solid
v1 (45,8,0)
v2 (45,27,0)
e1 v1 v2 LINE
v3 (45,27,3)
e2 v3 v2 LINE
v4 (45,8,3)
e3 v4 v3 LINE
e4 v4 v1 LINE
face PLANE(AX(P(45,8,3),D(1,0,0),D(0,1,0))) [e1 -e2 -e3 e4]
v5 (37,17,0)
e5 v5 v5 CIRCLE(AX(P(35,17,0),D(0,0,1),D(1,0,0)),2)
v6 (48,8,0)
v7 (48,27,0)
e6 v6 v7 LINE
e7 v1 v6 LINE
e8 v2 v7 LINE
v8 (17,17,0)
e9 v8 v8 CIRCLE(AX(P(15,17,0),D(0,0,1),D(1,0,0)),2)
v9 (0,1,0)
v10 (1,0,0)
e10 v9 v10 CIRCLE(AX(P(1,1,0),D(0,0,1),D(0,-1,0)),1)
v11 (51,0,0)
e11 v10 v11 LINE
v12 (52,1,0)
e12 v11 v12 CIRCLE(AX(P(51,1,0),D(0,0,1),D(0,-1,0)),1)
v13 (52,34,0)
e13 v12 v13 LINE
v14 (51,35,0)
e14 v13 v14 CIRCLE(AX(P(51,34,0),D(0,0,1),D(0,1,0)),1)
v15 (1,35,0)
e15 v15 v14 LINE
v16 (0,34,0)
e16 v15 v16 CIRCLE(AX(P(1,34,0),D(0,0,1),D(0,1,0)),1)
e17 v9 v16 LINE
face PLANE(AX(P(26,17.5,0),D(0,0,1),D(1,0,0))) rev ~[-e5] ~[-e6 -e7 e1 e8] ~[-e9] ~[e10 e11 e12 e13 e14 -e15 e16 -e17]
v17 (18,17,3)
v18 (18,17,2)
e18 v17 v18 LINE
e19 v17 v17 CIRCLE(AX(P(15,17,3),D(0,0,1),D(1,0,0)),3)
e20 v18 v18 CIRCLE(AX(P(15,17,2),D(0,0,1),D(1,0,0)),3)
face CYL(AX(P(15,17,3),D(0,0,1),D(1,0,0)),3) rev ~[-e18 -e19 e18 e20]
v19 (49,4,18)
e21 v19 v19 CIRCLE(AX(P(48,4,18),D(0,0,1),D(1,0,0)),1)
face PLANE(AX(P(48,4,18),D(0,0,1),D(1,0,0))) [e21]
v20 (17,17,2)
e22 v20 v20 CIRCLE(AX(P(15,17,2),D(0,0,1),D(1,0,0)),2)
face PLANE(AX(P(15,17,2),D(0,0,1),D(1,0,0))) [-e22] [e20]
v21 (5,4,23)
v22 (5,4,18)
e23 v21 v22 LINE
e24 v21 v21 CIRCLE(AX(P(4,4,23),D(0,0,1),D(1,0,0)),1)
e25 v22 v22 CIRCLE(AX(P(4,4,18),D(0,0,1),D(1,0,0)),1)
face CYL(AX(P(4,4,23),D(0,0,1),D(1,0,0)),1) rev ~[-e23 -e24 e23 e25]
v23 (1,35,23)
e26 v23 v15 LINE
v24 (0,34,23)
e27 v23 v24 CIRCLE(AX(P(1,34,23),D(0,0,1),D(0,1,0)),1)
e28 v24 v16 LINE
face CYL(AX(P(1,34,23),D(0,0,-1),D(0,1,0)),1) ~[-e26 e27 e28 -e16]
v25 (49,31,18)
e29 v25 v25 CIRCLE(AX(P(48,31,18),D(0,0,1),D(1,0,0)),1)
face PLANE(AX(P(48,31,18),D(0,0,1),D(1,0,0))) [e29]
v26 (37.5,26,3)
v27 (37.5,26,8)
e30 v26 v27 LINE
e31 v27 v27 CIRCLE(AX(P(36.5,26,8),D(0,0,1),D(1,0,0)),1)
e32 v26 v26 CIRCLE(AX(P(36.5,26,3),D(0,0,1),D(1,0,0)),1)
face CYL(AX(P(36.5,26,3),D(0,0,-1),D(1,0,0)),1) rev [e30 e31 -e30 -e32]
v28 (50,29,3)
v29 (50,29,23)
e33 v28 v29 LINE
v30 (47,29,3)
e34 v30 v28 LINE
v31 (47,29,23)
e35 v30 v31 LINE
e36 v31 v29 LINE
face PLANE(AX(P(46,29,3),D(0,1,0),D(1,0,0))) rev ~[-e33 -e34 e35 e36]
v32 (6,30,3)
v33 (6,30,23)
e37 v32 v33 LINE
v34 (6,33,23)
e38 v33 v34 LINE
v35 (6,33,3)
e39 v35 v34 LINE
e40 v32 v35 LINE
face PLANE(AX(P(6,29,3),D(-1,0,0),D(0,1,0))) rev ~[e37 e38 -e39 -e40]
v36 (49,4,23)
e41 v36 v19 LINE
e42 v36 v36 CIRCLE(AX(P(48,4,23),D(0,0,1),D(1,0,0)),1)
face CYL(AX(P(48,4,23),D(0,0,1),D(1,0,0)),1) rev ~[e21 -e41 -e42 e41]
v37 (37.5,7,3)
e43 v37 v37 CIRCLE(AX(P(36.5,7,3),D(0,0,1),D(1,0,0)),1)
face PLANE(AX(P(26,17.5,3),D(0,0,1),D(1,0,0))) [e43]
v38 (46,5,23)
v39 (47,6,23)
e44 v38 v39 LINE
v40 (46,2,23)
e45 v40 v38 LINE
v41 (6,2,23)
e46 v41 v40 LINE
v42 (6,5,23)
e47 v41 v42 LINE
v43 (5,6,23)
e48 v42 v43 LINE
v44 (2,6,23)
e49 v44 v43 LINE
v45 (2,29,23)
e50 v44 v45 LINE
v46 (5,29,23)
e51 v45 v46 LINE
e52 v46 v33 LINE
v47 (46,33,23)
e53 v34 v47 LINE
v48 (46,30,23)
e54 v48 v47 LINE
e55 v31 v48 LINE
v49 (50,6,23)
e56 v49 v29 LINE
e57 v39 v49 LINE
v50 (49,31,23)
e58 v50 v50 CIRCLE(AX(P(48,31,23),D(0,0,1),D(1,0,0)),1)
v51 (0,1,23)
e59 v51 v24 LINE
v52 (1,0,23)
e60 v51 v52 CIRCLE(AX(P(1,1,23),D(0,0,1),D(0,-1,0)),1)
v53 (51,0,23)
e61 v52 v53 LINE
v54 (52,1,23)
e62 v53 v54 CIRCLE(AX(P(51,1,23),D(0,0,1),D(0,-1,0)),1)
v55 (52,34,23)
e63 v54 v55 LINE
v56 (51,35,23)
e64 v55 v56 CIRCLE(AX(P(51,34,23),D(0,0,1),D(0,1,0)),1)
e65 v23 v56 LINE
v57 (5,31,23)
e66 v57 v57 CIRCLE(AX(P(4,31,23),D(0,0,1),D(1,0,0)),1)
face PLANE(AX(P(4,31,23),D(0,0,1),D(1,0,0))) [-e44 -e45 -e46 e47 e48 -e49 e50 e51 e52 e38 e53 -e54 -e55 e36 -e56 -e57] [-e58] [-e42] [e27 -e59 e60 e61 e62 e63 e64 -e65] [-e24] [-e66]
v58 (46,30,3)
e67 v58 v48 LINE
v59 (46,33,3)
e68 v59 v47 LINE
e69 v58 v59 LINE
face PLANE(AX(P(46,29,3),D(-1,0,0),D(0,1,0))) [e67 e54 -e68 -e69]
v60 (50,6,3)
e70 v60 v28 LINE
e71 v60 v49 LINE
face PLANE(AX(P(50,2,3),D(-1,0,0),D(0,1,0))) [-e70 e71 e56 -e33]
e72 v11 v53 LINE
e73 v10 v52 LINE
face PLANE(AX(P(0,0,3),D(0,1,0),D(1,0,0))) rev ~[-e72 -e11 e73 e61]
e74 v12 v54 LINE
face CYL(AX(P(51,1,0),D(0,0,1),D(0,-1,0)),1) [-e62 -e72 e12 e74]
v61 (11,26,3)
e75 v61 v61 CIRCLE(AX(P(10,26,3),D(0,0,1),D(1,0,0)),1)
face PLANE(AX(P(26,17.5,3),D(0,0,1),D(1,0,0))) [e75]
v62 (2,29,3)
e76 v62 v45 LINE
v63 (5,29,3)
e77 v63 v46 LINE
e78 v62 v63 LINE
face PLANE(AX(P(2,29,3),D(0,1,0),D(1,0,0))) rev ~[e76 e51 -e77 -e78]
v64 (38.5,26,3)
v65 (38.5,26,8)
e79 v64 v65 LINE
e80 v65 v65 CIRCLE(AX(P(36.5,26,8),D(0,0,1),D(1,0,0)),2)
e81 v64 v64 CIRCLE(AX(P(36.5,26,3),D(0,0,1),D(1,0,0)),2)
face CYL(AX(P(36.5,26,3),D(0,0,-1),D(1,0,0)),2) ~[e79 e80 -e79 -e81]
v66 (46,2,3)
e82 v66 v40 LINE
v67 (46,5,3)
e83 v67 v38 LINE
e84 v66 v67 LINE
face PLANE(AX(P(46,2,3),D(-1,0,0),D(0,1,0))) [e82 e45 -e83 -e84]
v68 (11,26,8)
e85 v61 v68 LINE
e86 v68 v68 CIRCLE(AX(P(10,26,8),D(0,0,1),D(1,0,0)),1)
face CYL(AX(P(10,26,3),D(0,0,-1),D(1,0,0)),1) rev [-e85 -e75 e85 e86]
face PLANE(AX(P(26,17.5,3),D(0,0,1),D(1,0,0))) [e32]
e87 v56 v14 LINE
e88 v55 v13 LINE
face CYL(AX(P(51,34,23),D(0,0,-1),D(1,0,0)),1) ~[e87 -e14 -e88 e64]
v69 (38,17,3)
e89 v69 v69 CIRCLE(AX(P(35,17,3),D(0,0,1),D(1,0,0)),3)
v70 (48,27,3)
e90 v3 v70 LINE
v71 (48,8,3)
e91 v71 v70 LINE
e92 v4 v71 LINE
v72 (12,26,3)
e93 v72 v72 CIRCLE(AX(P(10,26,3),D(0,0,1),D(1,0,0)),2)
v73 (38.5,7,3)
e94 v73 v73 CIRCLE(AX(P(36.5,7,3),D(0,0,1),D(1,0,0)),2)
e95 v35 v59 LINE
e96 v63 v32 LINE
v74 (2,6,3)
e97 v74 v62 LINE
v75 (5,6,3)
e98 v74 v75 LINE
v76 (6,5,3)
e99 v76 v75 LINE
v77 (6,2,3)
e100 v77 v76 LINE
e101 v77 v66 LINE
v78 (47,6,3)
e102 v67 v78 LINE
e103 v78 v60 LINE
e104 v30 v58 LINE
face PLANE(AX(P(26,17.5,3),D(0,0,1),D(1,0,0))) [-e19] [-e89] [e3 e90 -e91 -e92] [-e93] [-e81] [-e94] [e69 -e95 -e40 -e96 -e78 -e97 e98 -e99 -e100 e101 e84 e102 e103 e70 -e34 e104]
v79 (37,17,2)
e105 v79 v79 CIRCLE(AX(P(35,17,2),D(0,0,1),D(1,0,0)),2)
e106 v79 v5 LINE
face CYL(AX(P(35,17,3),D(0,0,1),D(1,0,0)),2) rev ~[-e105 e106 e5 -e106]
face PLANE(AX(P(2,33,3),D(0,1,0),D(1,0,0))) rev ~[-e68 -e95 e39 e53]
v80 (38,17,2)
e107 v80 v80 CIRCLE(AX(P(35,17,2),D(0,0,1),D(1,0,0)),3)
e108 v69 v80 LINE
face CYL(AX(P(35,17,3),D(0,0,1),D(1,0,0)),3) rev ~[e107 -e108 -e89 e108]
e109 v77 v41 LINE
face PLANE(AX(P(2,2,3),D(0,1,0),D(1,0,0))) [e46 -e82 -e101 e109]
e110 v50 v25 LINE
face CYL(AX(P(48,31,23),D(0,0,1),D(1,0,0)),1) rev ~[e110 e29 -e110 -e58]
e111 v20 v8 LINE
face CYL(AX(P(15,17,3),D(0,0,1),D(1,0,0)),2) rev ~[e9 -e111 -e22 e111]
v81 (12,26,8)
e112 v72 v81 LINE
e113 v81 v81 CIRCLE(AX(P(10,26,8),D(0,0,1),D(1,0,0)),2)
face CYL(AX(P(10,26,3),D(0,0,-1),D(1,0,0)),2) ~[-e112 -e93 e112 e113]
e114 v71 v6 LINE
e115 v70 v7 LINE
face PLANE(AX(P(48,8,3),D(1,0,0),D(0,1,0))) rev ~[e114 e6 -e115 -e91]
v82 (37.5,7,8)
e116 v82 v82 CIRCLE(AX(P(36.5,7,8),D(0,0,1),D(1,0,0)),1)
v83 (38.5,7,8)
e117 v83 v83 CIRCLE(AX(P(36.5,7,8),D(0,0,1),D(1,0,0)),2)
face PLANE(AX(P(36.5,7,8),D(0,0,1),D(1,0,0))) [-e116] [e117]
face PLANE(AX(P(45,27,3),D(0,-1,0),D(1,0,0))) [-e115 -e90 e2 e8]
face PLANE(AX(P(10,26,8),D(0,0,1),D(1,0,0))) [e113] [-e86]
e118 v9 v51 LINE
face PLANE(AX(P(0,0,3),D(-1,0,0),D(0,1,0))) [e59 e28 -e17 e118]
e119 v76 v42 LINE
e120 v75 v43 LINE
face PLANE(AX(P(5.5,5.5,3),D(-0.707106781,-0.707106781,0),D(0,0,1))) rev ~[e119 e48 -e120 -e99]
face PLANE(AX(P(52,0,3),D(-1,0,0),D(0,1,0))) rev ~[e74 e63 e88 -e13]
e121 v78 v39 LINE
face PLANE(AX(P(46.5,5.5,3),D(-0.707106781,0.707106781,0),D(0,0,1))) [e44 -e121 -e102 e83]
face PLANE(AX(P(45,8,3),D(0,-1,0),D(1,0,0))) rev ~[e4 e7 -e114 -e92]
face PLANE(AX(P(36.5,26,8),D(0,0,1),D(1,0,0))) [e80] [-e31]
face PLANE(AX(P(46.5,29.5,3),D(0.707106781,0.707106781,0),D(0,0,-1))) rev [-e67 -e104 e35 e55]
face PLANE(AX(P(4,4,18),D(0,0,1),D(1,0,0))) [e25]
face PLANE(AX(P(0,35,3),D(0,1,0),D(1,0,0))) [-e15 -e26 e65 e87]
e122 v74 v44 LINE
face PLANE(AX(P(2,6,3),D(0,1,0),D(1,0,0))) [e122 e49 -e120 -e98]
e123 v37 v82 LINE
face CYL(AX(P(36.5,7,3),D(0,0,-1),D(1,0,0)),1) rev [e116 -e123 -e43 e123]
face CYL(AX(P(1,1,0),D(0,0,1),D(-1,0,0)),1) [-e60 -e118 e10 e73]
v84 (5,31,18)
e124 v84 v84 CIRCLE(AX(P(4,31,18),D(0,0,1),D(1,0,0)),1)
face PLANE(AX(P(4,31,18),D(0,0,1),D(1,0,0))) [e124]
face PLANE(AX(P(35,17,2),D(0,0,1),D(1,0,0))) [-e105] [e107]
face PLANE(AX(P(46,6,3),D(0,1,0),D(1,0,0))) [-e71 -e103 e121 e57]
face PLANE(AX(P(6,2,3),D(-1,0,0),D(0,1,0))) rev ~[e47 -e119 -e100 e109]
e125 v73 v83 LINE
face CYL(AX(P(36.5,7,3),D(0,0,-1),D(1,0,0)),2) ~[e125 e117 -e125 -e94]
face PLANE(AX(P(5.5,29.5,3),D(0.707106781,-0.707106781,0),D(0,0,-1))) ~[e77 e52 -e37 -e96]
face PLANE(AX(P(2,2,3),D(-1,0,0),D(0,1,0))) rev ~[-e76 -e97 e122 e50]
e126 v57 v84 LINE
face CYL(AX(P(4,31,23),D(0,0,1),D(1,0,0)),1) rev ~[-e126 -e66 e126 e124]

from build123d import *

# Parameters (mm, degrees)
SKETCH_W        = 52
SKETCH_H        = 35
PAD_DEPTH       = 3
SKETCH001_W     = 52
SKETCH001_H     = 35
SKETCH001_W_2   = 48
SKETCH001_H_2   = 31
PAD001_DEPTH    = 20
SKETCH002_W     = 4
SKETCH002_H     = 4
PAD002_DEPTH    = 20
SKETCH003_R     = 2
SKETCH003_R_2   = 1
PAD003_DEPTH    = 5
SKETCH004_W     = 3
SKETCH004_H     = 19
POCKET_DEPTH    = 3
SKETCH005_R     = 1
POCKET001_DEPTH = 5
FILLET_R        = 1
FILLET001_R     = 1
FILLET002_R     = 1
FILLET003_R     = 1
CHAMFER_SIZE    = 1
CHAMFER001_SIZE = 1
CHAMFER002_SIZE = 1
CHAMFER003_SIZE = 1
SKETCH006_R     = 2
POCKET002_DEPTH = 5
SKETCH007_R     = 3
POCKET003_DEPTH = 1


with BuildPart() as part:
    # Sketch → Pad (new body)
    with BuildSketch(Plane.XY):
        with Locations((26, 17.5)):
            Rectangle(SKETCH_W, SKETCH_H)
    extrude(amount=PAD_DEPTH)

    # Sketch001 → Pad001 (new body)
    with BuildSketch(Plane.XY.offset(3)):
        with Locations((26, 17.5)):
            Rectangle(SKETCH001_W, SKETCH001_H)
        with Locations((26, 17.5)):
            Rectangle(SKETCH001_W_2, SKETCH001_H_2, mode=Mode.SUBTRACT)
    extrude(amount=PAD001_DEPTH)

    # Sketch002 → Pad002 (new body)
    with BuildSketch(Plane.XY.offset(3)):
        with Locations((4, 31)):
            Rectangle(SKETCH002_W, SKETCH002_H)
        with Locations((48, 31)):
            Rectangle(SKETCH002_W, SKETCH002_H)
        with Locations((4, 4)):
            Rectangle(SKETCH002_W, SKETCH002_H)
        with Locations((48, 4)):
            Rectangle(SKETCH002_W, SKETCH002_H)
    extrude(amount=PAD002_DEPTH)

    # Sketch003 → Pad003 (new body)
    with BuildSketch(Plane.XY.offset(3)):
        with Locations((36.5, 26)):
            Circle(SKETCH003_R)
        with Locations((36.5, 26)):
            Circle(SKETCH003_R_2, mode=Mode.SUBTRACT)
        with Locations((36.5, 7)):
            Circle(SKETCH003_R)
        with Locations((36.5, 7)):
            Circle(SKETCH003_R_2, mode=Mode.SUBTRACT)
        with Locations((10, 26)):
            Circle(SKETCH003_R)
        with Locations((10, 26)):
            Circle(SKETCH003_R_2, mode=Mode.SUBTRACT)
    extrude(amount=PAD003_DEPTH)

    # Sketch004 → Pocket (cut)
    with BuildSketch(Plane.XY.offset(3)):
        with Locations((46.5, 17.5)):
            Rectangle(SKETCH004_W, SKETCH004_H)
    extrude(amount=-POCKET_DEPTH, mode=Mode.SUBTRACT)

    # Sketch005 → Pocket001 (cut)
    with BuildSketch(Plane.XY.offset(23)):
        with Locations((4, 31)):
            Circle(SKETCH005_R)
        with Locations((48, 31)):
            Circle(SKETCH005_R)
        with Locations((4, 4)):
            Circle(SKETCH005_R)
        with Locations((48, 4)):
            Circle(SKETCH005_R)
    extrude(amount=-POCKET001_DEPTH, mode=Mode.SUBTRACT)

    # Fillet
    fillet_edges = [part.edges().sort_by_distance(p)[0] for p in [
        (0, 0, 11.5),
    ]]
    fillet(fillet_edges, radius=FILLET_R)

    # Fillet001
    fillet001_edges = [part.edges().sort_by_distance(p)[0] for p in [
        (52, 0, 11.5),
    ]]
    fillet(fillet001_edges, radius=FILLET001_R)

    # Fillet002
    fillet002_edges = [part.edges().sort_by_distance(p)[0] for p in [
        (52, 35, 11.5),
    ]]
    fillet(fillet002_edges, radius=FILLET002_R)

    # Fillet003
    fillet003_edges = [part.edges().sort_by_distance(p)[0] for p in [
        (0, 35, 11.5),
    ]]
    fillet(fillet003_edges, radius=FILLET003_R)

    # Chamfer
    chamfer_edges = [part.edges().sort_by_distance(p)[0] for p in [
        (46, 6, 13),
    ]]
    chamfer(chamfer_edges, length=CHAMFER_SIZE)

    # Chamfer001
    chamfer001_edges = [part.edges().sort_by_distance(p)[0] for p in [
        (46, 29, 13),
    ]]
    chamfer(chamfer001_edges, length=CHAMFER001_SIZE)

    # Chamfer002
    chamfer002_edges = [part.edges().sort_by_distance(p)[0] for p in [
        (6, 6, 13),
    ]]
    chamfer(chamfer002_edges, length=CHAMFER002_SIZE)

    # Chamfer003
    chamfer003_edges = [part.edges().sort_by_distance(p)[0] for p in [
        (6, 29, 13),
    ]]
    chamfer(chamfer003_edges, length=CHAMFER003_SIZE)

    # Sketch006 → Pocket002 (cut)
    with BuildSketch(Plane.XY.offset(3)):
        with Locations((15, 17)):
            Circle(SKETCH006_R)
        with Locations((35, 17)):
            Circle(SKETCH006_R)
    extrude(amount=-POCKET002_DEPTH, mode=Mode.SUBTRACT)

    # Sketch007 → Pocket003 (cut)
    with BuildSketch(Plane.XY.offset(3)):
        with Locations((15, 17)):
            Circle(SKETCH007_R)
        with Locations((35, 17)):
            Circle(SKETCH007_R)
    extrude(amount=-POCKET003_DEPTH, mode=Mode.SUBTRACT)


solid = part.part
